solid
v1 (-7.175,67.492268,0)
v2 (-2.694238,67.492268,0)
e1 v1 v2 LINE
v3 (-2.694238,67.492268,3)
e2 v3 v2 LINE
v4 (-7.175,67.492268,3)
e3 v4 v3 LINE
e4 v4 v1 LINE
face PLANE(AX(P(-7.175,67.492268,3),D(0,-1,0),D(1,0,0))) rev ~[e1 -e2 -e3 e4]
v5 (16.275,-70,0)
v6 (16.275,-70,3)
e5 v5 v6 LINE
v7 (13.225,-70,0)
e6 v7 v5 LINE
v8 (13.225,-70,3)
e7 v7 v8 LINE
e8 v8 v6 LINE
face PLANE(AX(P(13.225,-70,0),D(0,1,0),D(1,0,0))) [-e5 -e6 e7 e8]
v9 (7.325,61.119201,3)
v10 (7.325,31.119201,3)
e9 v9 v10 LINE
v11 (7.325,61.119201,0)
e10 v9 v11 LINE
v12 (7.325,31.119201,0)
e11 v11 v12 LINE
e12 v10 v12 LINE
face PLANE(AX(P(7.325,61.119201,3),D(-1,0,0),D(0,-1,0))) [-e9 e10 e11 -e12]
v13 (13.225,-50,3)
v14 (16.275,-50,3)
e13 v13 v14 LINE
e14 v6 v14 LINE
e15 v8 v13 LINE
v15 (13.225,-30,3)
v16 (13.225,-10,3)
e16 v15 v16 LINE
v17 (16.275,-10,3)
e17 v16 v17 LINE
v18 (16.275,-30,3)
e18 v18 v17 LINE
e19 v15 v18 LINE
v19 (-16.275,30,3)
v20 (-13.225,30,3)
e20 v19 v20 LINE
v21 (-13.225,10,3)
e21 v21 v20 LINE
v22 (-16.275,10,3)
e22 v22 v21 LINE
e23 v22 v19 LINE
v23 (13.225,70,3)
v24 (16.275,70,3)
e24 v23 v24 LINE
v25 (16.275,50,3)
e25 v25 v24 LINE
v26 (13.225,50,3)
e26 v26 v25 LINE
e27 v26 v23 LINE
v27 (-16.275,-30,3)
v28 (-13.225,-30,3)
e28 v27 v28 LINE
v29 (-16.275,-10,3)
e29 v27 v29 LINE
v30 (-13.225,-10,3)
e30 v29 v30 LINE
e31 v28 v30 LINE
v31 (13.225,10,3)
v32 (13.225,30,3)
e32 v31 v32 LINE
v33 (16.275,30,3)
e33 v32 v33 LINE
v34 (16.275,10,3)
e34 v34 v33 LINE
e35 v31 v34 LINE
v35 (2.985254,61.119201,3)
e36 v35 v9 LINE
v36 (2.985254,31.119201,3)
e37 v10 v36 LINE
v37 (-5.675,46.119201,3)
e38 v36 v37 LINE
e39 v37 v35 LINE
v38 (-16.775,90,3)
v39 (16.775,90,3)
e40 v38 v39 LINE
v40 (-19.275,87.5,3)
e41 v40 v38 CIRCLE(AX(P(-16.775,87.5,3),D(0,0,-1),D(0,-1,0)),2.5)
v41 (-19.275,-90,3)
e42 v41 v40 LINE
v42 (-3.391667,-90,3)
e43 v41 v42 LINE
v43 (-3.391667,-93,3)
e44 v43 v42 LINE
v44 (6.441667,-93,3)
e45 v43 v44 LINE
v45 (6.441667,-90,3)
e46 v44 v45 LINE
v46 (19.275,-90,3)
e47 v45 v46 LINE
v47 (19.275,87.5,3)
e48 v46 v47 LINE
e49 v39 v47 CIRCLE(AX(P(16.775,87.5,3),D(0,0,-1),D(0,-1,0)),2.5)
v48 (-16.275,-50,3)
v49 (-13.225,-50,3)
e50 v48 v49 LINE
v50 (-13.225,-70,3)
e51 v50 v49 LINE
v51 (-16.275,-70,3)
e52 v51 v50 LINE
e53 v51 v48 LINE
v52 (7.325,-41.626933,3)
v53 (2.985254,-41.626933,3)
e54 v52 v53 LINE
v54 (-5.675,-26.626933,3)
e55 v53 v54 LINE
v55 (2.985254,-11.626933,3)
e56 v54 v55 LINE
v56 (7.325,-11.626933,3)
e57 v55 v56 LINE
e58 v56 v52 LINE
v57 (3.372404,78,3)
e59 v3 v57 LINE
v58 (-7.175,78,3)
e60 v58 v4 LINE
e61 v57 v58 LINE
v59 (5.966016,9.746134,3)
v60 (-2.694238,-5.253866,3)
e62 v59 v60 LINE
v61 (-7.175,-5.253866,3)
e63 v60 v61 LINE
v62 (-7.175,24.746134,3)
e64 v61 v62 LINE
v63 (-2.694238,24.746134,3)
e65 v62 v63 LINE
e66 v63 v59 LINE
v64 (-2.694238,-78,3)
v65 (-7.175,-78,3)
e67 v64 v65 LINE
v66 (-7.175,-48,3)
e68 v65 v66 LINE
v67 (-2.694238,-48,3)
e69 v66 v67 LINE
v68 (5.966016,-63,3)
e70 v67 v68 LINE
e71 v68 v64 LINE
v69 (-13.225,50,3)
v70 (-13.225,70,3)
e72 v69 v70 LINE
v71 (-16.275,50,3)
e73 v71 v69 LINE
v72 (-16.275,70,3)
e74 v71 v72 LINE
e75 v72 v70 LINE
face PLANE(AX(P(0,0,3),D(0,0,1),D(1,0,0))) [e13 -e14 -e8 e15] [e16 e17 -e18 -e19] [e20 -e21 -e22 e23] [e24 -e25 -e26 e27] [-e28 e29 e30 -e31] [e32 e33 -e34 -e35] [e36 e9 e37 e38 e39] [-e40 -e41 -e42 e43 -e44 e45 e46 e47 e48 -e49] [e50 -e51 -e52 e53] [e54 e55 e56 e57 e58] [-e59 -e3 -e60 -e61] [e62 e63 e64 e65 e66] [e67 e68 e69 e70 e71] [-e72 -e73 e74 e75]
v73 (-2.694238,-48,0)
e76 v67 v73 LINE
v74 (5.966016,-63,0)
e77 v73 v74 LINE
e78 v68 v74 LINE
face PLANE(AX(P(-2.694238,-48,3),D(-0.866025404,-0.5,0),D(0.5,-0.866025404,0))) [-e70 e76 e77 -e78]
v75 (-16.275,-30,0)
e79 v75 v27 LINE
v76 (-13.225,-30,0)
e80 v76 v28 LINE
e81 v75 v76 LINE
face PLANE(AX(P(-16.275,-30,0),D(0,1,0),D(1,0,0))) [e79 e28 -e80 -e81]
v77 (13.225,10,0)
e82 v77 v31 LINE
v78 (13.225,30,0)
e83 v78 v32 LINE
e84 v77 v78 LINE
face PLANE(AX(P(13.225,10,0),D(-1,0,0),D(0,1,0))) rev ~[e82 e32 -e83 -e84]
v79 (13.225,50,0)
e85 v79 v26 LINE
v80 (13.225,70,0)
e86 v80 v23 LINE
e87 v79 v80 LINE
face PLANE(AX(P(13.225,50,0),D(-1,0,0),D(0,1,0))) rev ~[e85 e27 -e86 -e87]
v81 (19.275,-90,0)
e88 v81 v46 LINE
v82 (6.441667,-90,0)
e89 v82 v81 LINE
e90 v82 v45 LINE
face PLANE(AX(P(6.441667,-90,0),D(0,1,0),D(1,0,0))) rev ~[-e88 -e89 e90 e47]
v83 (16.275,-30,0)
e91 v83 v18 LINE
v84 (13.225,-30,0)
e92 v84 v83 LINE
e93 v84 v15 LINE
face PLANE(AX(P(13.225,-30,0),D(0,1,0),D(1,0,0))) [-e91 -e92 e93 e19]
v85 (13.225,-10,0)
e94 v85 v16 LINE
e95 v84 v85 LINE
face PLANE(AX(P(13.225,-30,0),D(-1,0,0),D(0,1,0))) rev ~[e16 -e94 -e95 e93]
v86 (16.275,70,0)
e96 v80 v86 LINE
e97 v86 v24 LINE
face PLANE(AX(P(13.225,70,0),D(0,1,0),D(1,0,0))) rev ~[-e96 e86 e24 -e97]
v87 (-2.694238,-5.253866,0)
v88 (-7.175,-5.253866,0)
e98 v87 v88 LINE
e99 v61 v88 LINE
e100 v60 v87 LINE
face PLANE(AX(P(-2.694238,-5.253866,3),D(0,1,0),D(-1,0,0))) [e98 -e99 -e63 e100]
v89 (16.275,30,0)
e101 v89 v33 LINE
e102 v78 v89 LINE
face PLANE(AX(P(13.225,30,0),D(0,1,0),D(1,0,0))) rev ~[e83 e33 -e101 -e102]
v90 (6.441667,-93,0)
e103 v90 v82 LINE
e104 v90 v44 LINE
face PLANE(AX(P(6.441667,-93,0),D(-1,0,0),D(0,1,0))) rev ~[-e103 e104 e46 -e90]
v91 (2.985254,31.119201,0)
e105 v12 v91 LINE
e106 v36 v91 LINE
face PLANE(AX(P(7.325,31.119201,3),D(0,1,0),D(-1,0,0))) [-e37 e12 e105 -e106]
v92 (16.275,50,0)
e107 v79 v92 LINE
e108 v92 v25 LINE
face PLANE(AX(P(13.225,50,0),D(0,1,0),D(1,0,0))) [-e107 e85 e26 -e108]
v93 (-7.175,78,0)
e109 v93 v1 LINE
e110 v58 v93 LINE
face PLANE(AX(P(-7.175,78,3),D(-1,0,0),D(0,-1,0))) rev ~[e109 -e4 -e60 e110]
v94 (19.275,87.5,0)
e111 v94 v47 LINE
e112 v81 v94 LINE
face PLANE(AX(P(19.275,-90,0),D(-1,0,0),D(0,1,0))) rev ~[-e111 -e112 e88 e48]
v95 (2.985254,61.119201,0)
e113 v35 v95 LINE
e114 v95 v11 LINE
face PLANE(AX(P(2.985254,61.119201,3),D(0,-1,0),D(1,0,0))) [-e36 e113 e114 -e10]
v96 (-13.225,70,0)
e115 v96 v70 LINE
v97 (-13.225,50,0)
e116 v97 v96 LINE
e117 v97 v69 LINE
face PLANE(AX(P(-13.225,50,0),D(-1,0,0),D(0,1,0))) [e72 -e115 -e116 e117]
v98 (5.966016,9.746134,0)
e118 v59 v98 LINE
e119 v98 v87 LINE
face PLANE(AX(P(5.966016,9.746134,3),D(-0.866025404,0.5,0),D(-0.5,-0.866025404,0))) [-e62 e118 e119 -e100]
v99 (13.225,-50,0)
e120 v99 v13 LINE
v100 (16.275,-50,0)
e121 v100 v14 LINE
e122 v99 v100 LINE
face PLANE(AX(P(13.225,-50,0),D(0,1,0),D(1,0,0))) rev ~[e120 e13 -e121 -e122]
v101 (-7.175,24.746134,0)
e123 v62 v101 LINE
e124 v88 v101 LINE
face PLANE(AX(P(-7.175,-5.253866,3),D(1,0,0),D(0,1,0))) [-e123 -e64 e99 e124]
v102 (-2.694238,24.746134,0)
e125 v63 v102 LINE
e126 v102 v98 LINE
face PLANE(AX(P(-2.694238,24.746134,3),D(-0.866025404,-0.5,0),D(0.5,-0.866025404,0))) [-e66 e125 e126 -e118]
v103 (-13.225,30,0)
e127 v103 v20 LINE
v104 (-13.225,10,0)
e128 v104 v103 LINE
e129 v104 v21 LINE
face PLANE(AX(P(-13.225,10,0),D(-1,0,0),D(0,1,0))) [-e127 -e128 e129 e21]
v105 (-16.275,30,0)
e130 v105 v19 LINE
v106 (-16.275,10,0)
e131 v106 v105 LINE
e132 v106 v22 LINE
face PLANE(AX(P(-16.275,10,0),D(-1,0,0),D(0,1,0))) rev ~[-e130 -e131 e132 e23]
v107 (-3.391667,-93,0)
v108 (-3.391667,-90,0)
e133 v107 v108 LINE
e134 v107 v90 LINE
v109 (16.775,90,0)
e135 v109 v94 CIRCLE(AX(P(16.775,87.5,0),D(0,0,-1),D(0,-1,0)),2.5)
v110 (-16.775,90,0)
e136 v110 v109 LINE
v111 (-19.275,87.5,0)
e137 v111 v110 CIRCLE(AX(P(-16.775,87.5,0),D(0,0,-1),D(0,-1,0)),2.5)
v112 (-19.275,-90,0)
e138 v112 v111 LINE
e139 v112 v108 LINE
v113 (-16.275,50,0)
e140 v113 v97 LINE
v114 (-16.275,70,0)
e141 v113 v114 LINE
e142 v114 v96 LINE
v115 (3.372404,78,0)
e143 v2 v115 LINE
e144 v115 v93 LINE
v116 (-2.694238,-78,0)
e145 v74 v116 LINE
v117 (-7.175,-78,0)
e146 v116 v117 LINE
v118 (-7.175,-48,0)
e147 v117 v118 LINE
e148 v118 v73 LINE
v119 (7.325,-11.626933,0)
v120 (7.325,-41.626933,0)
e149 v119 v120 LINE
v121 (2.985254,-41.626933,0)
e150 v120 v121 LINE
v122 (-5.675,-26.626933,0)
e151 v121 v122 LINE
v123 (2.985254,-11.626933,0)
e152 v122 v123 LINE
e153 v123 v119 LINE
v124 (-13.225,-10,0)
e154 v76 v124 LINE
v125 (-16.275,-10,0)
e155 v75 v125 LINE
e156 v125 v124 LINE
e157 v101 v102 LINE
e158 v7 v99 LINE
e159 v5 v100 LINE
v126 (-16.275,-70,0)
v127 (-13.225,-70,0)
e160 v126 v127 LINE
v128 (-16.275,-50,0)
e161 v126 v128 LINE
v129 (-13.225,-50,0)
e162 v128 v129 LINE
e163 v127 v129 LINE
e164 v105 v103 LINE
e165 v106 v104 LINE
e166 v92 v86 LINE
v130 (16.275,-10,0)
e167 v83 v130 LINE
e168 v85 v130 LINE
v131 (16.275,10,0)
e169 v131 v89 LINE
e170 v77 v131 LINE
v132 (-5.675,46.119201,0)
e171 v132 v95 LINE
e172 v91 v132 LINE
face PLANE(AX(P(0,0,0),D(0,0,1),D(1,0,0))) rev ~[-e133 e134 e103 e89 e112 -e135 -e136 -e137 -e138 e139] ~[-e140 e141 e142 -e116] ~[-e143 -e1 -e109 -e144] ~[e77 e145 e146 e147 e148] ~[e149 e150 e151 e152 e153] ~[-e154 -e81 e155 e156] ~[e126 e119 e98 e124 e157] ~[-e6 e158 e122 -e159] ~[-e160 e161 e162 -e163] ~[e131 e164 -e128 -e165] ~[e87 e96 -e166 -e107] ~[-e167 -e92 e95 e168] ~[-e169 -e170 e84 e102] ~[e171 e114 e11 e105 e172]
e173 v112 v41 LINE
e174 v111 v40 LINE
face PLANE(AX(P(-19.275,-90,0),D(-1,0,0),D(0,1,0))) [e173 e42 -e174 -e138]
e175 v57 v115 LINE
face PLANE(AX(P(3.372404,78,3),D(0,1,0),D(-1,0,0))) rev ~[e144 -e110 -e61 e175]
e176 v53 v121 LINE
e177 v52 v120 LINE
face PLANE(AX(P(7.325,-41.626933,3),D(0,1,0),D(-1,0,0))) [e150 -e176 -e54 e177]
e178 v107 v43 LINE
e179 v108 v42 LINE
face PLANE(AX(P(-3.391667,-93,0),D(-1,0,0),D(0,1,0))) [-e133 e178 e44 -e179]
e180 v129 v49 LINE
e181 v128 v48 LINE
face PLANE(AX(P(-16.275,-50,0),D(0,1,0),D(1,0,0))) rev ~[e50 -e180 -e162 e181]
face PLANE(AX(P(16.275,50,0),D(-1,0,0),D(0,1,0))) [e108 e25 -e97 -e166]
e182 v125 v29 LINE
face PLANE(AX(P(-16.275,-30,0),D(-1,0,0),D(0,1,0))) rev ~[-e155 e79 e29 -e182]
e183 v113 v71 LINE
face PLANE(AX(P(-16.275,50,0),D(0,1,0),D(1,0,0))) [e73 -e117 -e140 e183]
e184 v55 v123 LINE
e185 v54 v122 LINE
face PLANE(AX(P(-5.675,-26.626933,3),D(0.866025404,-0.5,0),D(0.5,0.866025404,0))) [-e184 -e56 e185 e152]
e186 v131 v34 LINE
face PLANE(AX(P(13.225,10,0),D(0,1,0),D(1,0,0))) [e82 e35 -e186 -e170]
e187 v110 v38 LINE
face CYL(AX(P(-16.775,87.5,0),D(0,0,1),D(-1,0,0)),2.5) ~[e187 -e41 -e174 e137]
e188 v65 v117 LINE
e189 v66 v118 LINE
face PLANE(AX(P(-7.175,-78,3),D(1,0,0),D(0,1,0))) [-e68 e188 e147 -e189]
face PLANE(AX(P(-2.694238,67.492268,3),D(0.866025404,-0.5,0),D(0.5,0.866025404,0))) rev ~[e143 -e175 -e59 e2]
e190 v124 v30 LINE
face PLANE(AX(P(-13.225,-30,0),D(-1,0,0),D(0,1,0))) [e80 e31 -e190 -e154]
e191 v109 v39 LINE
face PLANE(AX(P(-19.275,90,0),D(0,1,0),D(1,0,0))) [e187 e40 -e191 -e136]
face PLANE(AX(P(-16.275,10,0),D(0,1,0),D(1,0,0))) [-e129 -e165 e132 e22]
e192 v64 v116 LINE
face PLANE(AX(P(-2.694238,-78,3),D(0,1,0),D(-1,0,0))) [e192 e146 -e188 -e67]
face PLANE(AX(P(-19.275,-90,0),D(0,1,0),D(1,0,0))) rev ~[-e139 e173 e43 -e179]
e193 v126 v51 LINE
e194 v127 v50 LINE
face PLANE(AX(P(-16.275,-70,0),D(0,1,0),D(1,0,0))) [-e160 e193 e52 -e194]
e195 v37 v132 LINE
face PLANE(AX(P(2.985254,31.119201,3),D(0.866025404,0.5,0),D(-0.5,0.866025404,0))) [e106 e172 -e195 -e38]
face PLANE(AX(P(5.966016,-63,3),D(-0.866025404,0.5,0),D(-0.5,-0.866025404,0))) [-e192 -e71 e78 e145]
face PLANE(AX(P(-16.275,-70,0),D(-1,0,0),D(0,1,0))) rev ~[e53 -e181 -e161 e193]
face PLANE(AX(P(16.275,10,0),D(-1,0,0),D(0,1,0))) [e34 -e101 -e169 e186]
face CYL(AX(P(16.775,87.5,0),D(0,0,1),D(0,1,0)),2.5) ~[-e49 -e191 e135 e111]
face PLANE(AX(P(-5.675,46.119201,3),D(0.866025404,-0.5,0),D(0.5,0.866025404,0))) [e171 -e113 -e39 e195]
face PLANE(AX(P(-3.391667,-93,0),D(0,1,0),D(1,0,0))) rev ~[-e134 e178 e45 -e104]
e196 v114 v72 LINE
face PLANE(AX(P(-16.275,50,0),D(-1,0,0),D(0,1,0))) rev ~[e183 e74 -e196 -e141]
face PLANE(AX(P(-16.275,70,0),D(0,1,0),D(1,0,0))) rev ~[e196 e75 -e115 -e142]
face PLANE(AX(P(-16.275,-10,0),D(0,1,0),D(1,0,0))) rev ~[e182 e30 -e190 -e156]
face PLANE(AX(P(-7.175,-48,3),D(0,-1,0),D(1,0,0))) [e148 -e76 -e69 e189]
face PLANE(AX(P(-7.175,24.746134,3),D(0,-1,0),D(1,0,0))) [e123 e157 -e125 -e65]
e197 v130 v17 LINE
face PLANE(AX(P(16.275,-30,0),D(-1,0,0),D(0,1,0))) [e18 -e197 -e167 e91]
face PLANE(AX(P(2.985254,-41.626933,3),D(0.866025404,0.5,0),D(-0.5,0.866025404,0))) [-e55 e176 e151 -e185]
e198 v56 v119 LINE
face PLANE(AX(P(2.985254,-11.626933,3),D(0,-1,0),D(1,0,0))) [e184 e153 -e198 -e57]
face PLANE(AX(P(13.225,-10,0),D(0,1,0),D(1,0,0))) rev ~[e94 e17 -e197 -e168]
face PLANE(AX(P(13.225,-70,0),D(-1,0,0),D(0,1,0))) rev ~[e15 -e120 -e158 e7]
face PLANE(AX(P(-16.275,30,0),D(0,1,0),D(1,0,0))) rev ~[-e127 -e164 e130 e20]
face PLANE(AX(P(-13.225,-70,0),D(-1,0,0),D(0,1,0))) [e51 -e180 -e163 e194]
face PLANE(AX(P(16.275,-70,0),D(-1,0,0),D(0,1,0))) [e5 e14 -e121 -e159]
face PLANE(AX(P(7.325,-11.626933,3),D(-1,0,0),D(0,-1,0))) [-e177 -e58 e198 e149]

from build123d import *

# Parameters (mm, degrees)
SKETCH1_W               = 38.55
SKETCH1_H               = 180
SKETCH1_W_2             = 3.05
SKETCH1_H_2             = 20
SKETCH1_W_3             = 9.833333334
SKETCH1_H_3             = 3
BOSS_EXTRUDE1_DEPTH     = 3
CUT_EXTRUDE4_DEPTH      = 1
CUT_EXTRUDE4_DEPTH_BACK = 4
FILLET1_R               = 2.5


with BuildPart() as part:
    # Sketch1 → Boss-Extrude1 (new body)
    with BuildSketch(Plane.XY):
        Rectangle(SKETCH1_W, SKETCH1_H)
        with Locations((14.75, -20)):
            Rectangle(SKETCH1_W_2, SKETCH1_H_2, mode=Mode.SUBTRACT)
        with Locations((14.75, 20)):
            Rectangle(SKETCH1_W_2, SKETCH1_H_2, mode=Mode.SUBTRACT)
        with Locations((14.75, 60)):
            Rectangle(SKETCH1_W_2, SKETCH1_H_2, mode=Mode.SUBTRACT)
        with Locations((14.75, -60)):
            Rectangle(SKETCH1_W_2, SKETCH1_H_2, mode=Mode.SUBTRACT)
        with Locations((-14.75, 60)):
            Rectangle(SKETCH1_W_2, SKETCH1_H_2, mode=Mode.SUBTRACT)
        with Locations((-14.75, 20)):
            Rectangle(SKETCH1_W_2, SKETCH1_H_2, mode=Mode.SUBTRACT)
        with Locations((-14.75, -20)):
            Rectangle(SKETCH1_W_2, SKETCH1_H_2, mode=Mode.SUBTRACT)
        with Locations((-14.75, -60)):
            Rectangle(SKETCH1_W_2, SKETCH1_H_2, mode=Mode.SUBTRACT)
        with Locations((1.525, -91.5)):
            Rectangle(SKETCH1_W_3, SKETCH1_H_3)
    extrude(amount=BOSS_EXTRUDE1_DEPTH)

    # Sketch3 → Cut-Extrude4 (cut, two sides)
    with BuildSketch(Plane.XY.offset(3)) as cut_extrude4_sk:
        Polygon((2.985254038, 31.119200877), (-5.675, 46.119200877), (2.985254038, 61.119200877), (7.325, 61.119200877), (7.325, 31.119200877), align=None)
        Polygon((2.985254038, -41.626933041), (-5.675, -26.626933041), (2.985254038, -11.626933041), (7.325, -11.626933041), (7.325, -41.626933041), align=None)
        Polygon((-7.175, 67.492267836), (-2.694237886, 67.492267836), (3.372404107, 78), (-7.175, 78), align=None)
        Polygon((-7.175, 24.746133918), (-2.694237886, 24.746133918), (5.966016151, 9.746133918), (-2.694237886, -5.253866082), (-7.175, -5.253866082), align=None)
        Polygon((-7.175, -78), (-7.175, -48), (-2.694237886, -48), (5.966016151, -63), (-2.694237886, -78), align=None)
    extrude(amount=CUT_EXTRUDE4_DEPTH, mode=Mode.SUBTRACT)
    extrude(cut_extrude4_sk.sketch, amount=-CUT_EXTRUDE4_DEPTH_BACK, mode=Mode.SUBTRACT)

    # Fillet1
    fillet1_edges = [part.edges().sort_by_distance(p)[0] for p in [
        (-19.275, 90, 1.5),
        (19.275, 90, 1.5),
    ]]
    fillet(fillet1_edges, radius=FILLET1_R)


solid = part.part
